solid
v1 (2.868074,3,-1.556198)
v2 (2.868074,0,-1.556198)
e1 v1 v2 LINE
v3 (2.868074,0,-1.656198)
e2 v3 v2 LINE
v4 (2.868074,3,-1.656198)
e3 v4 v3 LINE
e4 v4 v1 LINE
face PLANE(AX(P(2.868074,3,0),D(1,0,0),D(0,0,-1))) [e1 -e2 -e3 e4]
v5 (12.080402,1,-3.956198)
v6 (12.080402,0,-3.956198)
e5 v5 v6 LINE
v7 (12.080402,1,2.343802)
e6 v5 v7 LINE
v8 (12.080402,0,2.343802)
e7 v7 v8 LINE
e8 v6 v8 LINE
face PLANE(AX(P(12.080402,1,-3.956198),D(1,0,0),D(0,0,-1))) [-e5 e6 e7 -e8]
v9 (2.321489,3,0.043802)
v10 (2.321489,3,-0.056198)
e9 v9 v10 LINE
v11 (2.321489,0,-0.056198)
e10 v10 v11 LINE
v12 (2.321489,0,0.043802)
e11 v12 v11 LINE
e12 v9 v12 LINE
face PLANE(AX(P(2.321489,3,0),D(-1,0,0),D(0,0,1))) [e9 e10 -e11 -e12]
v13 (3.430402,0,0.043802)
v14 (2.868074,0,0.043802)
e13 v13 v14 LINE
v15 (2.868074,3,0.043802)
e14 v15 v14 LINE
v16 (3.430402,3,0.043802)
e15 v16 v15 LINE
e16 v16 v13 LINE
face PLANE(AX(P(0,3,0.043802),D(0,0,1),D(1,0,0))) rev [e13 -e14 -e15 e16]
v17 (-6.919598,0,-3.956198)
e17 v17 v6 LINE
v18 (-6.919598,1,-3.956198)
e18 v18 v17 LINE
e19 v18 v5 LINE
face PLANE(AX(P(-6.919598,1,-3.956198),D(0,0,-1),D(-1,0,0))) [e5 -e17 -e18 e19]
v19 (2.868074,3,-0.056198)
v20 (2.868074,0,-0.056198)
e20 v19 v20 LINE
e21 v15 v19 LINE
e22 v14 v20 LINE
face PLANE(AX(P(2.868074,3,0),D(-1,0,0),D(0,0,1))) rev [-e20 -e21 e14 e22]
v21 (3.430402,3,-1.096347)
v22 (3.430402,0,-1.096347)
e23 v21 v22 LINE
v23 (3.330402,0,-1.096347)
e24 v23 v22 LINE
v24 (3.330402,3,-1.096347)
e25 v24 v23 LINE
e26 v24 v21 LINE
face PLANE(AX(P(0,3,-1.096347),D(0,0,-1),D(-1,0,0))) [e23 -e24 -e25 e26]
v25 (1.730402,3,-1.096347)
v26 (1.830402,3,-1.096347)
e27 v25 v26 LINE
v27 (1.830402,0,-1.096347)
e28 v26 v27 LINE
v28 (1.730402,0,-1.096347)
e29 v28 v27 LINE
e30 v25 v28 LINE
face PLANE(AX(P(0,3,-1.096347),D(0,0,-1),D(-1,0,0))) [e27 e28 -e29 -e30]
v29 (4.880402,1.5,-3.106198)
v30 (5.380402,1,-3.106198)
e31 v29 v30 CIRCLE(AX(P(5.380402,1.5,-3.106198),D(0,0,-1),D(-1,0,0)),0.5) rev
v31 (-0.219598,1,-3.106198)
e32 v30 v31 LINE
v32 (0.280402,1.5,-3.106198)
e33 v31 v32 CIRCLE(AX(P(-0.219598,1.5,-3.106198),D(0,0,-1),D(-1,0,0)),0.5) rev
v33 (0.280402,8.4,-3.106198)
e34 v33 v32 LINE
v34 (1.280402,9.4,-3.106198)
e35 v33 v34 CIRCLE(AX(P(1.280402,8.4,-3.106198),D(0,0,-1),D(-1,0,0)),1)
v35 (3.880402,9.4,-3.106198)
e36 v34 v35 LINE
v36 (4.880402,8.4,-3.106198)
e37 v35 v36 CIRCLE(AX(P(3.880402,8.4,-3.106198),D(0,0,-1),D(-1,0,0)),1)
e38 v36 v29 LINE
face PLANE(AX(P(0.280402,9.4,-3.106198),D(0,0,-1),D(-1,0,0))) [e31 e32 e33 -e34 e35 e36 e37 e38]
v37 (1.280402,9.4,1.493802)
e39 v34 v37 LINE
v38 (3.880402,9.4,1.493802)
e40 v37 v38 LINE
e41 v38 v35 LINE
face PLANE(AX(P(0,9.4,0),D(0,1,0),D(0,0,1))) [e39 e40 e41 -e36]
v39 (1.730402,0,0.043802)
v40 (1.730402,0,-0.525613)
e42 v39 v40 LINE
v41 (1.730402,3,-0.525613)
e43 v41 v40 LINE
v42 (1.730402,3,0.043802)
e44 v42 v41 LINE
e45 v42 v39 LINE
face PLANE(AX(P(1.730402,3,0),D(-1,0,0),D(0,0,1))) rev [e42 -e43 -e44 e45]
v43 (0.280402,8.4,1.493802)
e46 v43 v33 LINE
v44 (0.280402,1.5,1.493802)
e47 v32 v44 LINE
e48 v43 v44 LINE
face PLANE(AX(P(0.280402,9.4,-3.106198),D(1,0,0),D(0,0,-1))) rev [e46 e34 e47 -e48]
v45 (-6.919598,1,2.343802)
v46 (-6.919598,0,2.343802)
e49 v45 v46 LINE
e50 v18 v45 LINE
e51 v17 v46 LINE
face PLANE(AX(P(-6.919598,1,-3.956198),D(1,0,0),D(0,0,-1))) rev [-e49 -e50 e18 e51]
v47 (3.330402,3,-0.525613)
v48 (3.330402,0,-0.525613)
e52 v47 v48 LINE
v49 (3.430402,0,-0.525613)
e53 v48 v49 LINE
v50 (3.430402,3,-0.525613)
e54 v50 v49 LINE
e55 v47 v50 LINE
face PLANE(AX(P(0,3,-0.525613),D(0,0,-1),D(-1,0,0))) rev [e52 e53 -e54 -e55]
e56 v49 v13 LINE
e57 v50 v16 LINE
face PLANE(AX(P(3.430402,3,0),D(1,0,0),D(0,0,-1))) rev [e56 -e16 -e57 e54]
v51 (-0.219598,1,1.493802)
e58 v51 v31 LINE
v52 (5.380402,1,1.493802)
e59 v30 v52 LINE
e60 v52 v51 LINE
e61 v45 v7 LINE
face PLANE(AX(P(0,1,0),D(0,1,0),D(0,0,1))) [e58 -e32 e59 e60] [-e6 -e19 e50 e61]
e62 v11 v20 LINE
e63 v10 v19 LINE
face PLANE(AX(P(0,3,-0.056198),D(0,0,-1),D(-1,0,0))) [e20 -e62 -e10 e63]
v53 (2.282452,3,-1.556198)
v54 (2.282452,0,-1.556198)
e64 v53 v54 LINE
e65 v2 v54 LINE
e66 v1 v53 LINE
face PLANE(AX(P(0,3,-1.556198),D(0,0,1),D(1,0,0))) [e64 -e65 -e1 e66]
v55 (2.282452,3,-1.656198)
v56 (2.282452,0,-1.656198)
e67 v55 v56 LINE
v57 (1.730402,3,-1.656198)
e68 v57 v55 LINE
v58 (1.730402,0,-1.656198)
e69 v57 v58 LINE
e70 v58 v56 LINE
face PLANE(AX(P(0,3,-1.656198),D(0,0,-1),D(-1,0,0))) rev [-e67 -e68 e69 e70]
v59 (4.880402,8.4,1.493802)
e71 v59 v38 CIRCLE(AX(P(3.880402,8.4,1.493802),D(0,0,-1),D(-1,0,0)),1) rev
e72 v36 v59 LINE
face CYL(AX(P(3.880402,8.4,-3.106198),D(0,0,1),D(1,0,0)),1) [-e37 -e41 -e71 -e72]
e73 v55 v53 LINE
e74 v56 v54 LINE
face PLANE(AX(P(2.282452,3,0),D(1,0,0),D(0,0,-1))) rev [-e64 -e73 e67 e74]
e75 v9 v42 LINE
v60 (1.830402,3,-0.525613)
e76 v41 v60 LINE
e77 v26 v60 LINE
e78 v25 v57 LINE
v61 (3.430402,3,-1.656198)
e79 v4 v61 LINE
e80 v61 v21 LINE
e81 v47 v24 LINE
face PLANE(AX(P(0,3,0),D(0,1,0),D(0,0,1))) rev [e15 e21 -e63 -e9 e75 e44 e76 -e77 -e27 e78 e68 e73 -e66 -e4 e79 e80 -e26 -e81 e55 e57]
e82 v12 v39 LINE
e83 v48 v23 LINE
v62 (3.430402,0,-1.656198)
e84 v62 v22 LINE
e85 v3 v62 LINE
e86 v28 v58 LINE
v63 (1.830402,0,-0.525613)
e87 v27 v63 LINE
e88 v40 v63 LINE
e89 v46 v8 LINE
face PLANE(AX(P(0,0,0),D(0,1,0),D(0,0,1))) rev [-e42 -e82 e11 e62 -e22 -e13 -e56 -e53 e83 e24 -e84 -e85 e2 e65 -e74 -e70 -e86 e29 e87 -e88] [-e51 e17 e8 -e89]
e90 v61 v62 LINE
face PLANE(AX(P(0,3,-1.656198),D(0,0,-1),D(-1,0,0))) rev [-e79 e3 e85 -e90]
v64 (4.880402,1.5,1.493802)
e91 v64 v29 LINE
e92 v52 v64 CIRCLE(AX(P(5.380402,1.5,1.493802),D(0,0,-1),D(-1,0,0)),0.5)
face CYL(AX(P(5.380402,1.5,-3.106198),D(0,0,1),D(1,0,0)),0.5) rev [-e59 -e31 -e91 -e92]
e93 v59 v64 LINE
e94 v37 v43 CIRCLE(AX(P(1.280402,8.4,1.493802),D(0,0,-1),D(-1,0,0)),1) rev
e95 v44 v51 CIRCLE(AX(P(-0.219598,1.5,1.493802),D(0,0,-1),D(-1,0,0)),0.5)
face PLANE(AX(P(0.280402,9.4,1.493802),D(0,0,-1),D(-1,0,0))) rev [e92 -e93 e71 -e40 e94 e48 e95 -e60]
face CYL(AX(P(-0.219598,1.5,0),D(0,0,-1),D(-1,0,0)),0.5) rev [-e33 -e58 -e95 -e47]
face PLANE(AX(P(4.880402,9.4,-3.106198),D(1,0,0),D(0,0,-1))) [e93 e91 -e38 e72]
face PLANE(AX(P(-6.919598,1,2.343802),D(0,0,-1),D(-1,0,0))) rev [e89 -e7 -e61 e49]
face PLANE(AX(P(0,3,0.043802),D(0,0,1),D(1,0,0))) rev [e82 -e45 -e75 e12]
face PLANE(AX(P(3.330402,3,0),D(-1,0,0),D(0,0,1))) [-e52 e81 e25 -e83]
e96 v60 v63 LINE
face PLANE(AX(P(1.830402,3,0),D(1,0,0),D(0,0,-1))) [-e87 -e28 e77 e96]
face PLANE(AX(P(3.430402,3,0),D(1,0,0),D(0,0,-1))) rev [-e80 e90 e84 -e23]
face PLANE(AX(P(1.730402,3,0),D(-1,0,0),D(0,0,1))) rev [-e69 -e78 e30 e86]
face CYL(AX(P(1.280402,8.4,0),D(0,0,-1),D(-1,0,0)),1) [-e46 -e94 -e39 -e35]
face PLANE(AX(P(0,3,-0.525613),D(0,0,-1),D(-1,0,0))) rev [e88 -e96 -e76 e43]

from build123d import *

# Parameters (mm, degrees)
SKETCH1_W           = 19
SKETCH1_H           = 6.3
BOSS_EXTRUDE1_DEPTH = 1
SKETCH1_3_W         = 4.6
SKETCH1_3_H         = 4.6
BOSS_EXTRUDE2_DEPTH = 9.4
FILLET6_R           = 1
FILLET7_R           = 1
FILLET9_R           = 0.5
FILLET10_R          = 0.5
CUT_EXTRUDE6_DEPTH  = 3


with BuildPart() as part:
    # Sketch1 → Boss-Extrude1 (new body)
    with BuildSketch(Plane(origin=(0, 0, 0), x_dir=(1, 0, 0), z_dir=(0, 1, 0))):
        with Locations((2.580402043, 0.806197617)):
            Rectangle(SKETCH1_W, SKETCH1_H)
    extrude(amount=BOSS_EXTRUDE1_DEPTH)

    # Sketch1<3> → Boss-Extrude2 (add)
    with BuildSketch(Plane(origin=(0, 0, 0), x_dir=(1, 0, 0), z_dir=(0, 1, 0))):
        with Locations((2.580402043, 0.806197617)):
            Rectangle(SKETCH1_3_W, SKETCH1_3_H)
    extrude(amount=BOSS_EXTRUDE2_DEPTH)

    # Fillet6
    fillet6_edges = [part.edges().sort_by_distance(p)[0] for p in [
        (4.880402043, 9.4, -0.806197617),
    ]]
    fillet(fillet6_edges, radius=FILLET6_R)

    # Fillet7
    fillet7_edges = [part.edges().sort_by_distance(p)[0] for p in [
        (0.280402043, 9.4, -0.806197617),
    ]]
    fillet(fillet7_edges, radius=FILLET7_R)

    # Fillet9
    fillet9_edges = [part.edges().sort_by_distance(p)[0] for p in [
        (4.880402043, 1, -0.806197617),
    ]]
    fillet(fillet9_edges, radius=FILLET9_R)

    # Fillet10
    fillet10_edges = [part.edges().sort_by_distance(p)[0] for p in [
        (0.280402043, 1, -0.806197617),
    ]]
    fillet(fillet10_edges, radius=FILLET10_R)

    # Sketch1<6> → Cut-Extrude6 (cut)
    with BuildSketch(Plane(origin=(0, 0, 0), x_dir=(1, 0, 0), z_dir=(0, 1, 0))):
        Polygon((1.730402043, 1.656197617), (1.730402043, 1.096346732), (1.830402043, 1.096346732), (1.830402043, 0.525612743), (1.730402043, 0.525612743), (1.730402043, -0.043802383), (2.321489292, -0.043802383), (2.321489292, 0.056197617), (2.868074208, 0.056197617), (2.868074208, -0.043802383), (3.430402043, -0.043802383), (3.430402043, 0.525612743), (3.330402043, 0.525612743), (3.330402043, 1.096346732), (3.430402043, 1.096346732), (3.430402043, 1.656197617), (2.868074208, 1.656197617), (2.868074208, 1.556197617), (2.282451593, 1.556197617), (2.282451593, 1.656197617), align=None)
    extrude(amount=CUT_EXTRUDE6_DEPTH, mode=Mode.SUBTRACT)


solid = part.part
